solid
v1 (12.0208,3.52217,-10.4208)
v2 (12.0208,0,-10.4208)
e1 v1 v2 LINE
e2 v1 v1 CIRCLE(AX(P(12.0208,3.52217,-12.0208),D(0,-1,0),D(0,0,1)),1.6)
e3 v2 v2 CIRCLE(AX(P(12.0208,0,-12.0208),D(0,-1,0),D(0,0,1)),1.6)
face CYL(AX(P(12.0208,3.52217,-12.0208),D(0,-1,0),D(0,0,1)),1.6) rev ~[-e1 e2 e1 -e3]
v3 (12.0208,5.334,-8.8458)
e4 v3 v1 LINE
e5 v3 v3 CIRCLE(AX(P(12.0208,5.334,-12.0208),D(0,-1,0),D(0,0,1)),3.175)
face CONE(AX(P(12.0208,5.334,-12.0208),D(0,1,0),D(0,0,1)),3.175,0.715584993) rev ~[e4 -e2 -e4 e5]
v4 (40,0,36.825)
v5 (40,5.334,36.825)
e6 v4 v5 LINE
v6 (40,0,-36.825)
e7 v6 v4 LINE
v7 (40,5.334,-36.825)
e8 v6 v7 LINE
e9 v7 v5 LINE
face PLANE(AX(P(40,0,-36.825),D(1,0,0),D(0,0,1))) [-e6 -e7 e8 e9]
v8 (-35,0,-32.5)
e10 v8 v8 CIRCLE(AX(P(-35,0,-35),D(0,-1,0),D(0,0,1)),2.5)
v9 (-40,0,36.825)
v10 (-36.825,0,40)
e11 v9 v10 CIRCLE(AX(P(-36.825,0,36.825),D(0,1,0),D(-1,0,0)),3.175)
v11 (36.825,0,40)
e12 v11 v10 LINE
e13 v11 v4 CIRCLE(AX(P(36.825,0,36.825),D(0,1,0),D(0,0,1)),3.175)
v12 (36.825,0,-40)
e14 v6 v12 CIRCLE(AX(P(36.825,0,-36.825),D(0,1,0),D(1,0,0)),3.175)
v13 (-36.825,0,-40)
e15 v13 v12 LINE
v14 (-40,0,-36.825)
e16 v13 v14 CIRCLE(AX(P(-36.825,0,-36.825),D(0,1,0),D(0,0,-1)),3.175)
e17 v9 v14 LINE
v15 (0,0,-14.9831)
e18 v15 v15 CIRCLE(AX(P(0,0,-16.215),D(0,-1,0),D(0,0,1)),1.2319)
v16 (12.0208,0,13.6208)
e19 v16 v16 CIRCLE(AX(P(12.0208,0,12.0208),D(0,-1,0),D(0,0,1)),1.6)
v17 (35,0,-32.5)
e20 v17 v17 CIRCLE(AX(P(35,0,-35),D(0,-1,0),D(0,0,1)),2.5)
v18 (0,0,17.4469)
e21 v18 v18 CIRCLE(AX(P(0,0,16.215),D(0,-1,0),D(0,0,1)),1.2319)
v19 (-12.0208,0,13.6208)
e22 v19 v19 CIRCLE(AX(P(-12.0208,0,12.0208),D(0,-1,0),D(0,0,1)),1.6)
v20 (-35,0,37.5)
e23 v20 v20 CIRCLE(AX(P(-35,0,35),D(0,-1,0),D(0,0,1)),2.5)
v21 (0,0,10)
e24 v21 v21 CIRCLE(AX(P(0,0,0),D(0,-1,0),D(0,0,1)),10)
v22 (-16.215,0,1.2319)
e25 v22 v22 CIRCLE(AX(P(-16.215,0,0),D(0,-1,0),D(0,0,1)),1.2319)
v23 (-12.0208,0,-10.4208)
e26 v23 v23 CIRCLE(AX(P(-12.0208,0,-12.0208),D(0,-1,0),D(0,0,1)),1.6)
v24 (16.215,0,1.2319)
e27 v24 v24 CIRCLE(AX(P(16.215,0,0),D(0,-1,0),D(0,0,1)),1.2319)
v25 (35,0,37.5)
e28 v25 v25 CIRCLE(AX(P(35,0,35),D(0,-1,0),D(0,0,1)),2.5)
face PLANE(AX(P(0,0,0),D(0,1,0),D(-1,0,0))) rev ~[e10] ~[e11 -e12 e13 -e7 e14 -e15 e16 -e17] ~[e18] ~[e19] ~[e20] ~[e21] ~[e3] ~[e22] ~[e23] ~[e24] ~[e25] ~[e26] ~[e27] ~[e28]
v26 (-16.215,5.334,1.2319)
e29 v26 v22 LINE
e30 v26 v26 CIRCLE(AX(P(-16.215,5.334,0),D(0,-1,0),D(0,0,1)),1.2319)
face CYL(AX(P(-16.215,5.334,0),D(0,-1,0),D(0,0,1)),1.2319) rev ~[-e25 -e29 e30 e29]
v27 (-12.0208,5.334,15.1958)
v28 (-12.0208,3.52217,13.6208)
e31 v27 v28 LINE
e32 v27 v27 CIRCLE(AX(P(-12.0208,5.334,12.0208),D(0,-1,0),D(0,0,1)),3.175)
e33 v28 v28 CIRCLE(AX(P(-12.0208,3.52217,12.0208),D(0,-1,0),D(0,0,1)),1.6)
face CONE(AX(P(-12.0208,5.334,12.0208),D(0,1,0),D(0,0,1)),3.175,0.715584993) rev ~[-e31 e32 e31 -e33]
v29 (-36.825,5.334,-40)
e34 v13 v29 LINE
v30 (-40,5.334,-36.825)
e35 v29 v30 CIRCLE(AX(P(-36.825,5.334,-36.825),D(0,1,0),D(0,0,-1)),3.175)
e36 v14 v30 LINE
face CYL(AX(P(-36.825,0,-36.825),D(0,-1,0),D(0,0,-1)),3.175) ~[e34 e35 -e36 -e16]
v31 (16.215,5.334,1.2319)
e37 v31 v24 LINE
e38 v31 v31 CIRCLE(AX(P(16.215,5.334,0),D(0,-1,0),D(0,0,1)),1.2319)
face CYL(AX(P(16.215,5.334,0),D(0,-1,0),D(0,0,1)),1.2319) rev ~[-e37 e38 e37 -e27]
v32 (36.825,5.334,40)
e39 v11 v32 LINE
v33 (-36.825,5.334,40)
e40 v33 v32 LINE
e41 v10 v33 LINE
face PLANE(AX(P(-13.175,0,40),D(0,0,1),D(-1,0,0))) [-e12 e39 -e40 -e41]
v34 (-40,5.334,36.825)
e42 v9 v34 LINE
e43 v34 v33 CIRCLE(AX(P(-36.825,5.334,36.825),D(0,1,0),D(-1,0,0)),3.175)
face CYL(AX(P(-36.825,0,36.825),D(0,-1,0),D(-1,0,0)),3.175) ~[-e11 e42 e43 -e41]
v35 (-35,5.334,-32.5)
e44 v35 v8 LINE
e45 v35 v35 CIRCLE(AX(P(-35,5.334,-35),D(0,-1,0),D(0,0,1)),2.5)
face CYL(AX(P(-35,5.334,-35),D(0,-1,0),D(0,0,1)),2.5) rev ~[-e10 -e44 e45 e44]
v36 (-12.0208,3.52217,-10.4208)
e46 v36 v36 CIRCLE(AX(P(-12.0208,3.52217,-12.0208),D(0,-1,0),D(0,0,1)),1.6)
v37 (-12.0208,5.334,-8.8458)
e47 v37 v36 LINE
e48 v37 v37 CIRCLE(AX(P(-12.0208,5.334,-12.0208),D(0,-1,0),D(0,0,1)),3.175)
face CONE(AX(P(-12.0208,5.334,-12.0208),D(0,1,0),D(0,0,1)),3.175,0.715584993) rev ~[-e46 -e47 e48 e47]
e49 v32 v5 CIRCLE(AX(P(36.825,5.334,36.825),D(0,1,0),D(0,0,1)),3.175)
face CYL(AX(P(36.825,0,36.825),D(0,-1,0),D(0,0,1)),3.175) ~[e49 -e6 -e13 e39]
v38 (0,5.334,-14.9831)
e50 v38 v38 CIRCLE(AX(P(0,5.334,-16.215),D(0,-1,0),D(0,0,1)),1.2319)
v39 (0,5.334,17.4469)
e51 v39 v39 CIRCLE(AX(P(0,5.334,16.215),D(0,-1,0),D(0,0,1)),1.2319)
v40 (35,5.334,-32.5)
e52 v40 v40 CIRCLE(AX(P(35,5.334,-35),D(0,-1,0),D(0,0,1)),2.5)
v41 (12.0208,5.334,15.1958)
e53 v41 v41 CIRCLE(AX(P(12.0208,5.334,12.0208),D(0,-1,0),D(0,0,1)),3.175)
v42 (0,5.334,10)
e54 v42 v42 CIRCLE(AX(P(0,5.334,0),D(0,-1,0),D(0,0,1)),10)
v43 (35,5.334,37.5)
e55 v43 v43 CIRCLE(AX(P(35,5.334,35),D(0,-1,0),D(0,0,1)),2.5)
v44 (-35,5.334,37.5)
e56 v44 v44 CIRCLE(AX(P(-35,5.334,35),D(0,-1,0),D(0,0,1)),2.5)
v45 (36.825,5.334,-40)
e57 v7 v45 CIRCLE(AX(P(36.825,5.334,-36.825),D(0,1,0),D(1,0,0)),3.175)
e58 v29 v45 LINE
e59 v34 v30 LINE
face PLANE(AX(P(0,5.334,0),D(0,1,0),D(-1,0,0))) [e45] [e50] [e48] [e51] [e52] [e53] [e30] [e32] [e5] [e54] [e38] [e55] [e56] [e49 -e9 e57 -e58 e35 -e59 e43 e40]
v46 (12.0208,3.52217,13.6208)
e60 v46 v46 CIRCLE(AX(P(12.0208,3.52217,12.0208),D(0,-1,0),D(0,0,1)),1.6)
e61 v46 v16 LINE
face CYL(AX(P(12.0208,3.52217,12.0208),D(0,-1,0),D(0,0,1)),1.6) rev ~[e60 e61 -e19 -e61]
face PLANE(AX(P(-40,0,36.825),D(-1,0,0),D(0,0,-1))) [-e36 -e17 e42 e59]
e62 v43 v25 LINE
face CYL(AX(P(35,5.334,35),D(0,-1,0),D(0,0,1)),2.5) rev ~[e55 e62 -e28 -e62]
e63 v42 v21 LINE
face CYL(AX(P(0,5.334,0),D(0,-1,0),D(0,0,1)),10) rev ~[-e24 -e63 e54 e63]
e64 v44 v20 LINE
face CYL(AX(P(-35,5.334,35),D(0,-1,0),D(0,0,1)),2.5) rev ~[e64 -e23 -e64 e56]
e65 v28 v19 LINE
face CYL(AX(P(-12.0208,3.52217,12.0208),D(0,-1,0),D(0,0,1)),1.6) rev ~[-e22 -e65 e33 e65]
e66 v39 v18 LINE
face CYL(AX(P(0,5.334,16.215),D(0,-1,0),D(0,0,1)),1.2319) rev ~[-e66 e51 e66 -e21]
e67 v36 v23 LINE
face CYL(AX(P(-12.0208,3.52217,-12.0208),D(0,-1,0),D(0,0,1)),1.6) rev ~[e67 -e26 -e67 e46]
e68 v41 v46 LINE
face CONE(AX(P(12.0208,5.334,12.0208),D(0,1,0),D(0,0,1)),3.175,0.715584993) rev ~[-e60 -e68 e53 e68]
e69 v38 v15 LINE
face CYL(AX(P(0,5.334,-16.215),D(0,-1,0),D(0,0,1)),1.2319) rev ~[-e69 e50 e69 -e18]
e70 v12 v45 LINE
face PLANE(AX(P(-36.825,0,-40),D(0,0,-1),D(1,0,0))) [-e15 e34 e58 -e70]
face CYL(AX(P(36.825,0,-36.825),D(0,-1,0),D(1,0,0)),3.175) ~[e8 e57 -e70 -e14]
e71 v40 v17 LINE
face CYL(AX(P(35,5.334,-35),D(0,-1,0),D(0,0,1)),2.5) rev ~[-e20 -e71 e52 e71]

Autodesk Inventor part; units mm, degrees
ref_plane "YZ Plane" through (0, 0, 0) normal (1, 0, 0) x (0, 1, 0)
ref_plane "XZ Plane" through (0, 0, 0) normal (0, 1, 0) x (-1, 0, 0)
ref_plane "XY Plane" through (0, 0, 0) normal (0, 0, 1) x (1, 0, 0)
sketch "Sketch1" plane through (0, 0, 0) normal (0, 1, 0) x (-1, 0, 0)
  line L0 (40, 36.825) -> (40, -36.825)
  line L1 (36.825, -40) -> (-36.825, -40)
  line L2 (-40, -36.825) -> (-40, 36.825)
  line L3 (-36.825, 40) -> (-13.175, 40)
  line L4 (13.175, 40) -> (36.825, 40)
  arc A0 (40, 36.825) -> (36.825, 40) centre (36.825, 36.825) ccw
  arc A1 (36.825, -40) -> (40, -36.825) centre (36.825, -36.825) ccw
  arc A2 (-40, -36.825) -> (-36.825, -40) centre (-36.825, -36.825) ccw
  arc A3 (-36.825, 40) -> (-40, 36.825) centre (-36.825, 36.825) ccw
  line L5 (13.175, 40) -> (-13.175, 40)
  point P0 (0, 0)
  point P1 (40, 40)
  point P2 (40, -40)
  point P3 (-40, -40)
  point P4 (-40, 40)
  point P5 (-10, 40)
  point P6 (10, 40)
  point P7 (40, 0)
  point P8 (0, -40)
  point P9 (0, 60)
  dimension "d0" = 80
  dimension "d1" = 80
  dimension "d27" = 3.175
extrude "Extrusion1" add sketch "Sketch1" along normal blind 5.334
sketch "Sketch2" plane through (0, 5.334, 0) normal (0, 1, 0) x (1, 0, 0)
  line L0 (-12.0208, -12.0208) -> (0, 0)
  line L1 (0, 0) -> (-40, 0)
  line L2 (-40, 36.825) -> (-40, -36.825) projected
  point P0 (-17.5, 17.5)
  point P1 (-17.5, -17.5)
  point P2 (12.0208, -12.0208)
  point P3 (12.0208, 12.0208)
  point P4 (-12.0208, 12.0208)
  dimension "d6" = 17
  dimension "d7" = 45
  dimension "d10" = 360
hole "Hole1" at (-12.0208, 5.334, 12.0208) at (12.0208, 5.334, 12.0208) at (12.0208, 5.334, -12.0208) at (-12.0208, 5.334, -12.0208) direction (0, -1, 0) diameter 3.2 end through all countersink diameter 6.35 countersink angle 82
sketch "Sketch3" plane through (0, 5.334, 0) normal (0, 1, 0) x (1, 0, 0)
  point P0 (0, 0)
  point P1 (0, 0)
hole "Hole2" at (0, 5.334, 0) direction (0, -1, 0) diameter 20 end through all
sketch "Sketch4" plane through (0, 5.334, 0) normal (0, 1, 0) x (1, 0, 0)
  point P0 (0, 0)
  point P1 (-16.215, 0)
  point P2 (0, -16.215)
  point P3 (16.215, 0)
  point P4 (0, 16.215)
  dimension "d29" = 16.215
  dimension "d47" = 360
hole "Hole3" at (-16.215, 5.334, 0) at (0, 5.334, 16.215) at (16.215, 5.334, 0) at (0, 5.334, -16.215) direction (0, -1, 0) diameter 2.4638 end through all
sketch "Sketch7" plane through (0, 5.334, 0) normal (0, 1, 0) x (1, 0, 0)
  line L0 (-40, 36.825) -> (-40, -36.825) projected
  line L1 (36.825, 40) -> (-36.825, 40) projected
  line L2 (-36.825, -40) -> (36.825, -40) projected
  line L3 (40, -36.825) -> (40, 36.825) projected
  point P0 (0, 0)
  point P1 (-35, 35)
  point P2 (35, 35)
  point P3 (35, -35)
  point P4 (-35, -35)
  dimension "d49" = 5
  dimension "d50" = 5
  dimension "d51" = 5
  dimension "d52" = 5
hole "Hole4" at (-35, 5.334, -35) at (35, 5.334, -35) at (35, 5.334, 35) at (-35, 5.334, 35) direction (0, -1, 0) diameter 5 end through all
equation "\"d50\" = d49"
equation "\"d51\" = d49"
equation "\"d52\" = d49"
properties part number "base_mount"
